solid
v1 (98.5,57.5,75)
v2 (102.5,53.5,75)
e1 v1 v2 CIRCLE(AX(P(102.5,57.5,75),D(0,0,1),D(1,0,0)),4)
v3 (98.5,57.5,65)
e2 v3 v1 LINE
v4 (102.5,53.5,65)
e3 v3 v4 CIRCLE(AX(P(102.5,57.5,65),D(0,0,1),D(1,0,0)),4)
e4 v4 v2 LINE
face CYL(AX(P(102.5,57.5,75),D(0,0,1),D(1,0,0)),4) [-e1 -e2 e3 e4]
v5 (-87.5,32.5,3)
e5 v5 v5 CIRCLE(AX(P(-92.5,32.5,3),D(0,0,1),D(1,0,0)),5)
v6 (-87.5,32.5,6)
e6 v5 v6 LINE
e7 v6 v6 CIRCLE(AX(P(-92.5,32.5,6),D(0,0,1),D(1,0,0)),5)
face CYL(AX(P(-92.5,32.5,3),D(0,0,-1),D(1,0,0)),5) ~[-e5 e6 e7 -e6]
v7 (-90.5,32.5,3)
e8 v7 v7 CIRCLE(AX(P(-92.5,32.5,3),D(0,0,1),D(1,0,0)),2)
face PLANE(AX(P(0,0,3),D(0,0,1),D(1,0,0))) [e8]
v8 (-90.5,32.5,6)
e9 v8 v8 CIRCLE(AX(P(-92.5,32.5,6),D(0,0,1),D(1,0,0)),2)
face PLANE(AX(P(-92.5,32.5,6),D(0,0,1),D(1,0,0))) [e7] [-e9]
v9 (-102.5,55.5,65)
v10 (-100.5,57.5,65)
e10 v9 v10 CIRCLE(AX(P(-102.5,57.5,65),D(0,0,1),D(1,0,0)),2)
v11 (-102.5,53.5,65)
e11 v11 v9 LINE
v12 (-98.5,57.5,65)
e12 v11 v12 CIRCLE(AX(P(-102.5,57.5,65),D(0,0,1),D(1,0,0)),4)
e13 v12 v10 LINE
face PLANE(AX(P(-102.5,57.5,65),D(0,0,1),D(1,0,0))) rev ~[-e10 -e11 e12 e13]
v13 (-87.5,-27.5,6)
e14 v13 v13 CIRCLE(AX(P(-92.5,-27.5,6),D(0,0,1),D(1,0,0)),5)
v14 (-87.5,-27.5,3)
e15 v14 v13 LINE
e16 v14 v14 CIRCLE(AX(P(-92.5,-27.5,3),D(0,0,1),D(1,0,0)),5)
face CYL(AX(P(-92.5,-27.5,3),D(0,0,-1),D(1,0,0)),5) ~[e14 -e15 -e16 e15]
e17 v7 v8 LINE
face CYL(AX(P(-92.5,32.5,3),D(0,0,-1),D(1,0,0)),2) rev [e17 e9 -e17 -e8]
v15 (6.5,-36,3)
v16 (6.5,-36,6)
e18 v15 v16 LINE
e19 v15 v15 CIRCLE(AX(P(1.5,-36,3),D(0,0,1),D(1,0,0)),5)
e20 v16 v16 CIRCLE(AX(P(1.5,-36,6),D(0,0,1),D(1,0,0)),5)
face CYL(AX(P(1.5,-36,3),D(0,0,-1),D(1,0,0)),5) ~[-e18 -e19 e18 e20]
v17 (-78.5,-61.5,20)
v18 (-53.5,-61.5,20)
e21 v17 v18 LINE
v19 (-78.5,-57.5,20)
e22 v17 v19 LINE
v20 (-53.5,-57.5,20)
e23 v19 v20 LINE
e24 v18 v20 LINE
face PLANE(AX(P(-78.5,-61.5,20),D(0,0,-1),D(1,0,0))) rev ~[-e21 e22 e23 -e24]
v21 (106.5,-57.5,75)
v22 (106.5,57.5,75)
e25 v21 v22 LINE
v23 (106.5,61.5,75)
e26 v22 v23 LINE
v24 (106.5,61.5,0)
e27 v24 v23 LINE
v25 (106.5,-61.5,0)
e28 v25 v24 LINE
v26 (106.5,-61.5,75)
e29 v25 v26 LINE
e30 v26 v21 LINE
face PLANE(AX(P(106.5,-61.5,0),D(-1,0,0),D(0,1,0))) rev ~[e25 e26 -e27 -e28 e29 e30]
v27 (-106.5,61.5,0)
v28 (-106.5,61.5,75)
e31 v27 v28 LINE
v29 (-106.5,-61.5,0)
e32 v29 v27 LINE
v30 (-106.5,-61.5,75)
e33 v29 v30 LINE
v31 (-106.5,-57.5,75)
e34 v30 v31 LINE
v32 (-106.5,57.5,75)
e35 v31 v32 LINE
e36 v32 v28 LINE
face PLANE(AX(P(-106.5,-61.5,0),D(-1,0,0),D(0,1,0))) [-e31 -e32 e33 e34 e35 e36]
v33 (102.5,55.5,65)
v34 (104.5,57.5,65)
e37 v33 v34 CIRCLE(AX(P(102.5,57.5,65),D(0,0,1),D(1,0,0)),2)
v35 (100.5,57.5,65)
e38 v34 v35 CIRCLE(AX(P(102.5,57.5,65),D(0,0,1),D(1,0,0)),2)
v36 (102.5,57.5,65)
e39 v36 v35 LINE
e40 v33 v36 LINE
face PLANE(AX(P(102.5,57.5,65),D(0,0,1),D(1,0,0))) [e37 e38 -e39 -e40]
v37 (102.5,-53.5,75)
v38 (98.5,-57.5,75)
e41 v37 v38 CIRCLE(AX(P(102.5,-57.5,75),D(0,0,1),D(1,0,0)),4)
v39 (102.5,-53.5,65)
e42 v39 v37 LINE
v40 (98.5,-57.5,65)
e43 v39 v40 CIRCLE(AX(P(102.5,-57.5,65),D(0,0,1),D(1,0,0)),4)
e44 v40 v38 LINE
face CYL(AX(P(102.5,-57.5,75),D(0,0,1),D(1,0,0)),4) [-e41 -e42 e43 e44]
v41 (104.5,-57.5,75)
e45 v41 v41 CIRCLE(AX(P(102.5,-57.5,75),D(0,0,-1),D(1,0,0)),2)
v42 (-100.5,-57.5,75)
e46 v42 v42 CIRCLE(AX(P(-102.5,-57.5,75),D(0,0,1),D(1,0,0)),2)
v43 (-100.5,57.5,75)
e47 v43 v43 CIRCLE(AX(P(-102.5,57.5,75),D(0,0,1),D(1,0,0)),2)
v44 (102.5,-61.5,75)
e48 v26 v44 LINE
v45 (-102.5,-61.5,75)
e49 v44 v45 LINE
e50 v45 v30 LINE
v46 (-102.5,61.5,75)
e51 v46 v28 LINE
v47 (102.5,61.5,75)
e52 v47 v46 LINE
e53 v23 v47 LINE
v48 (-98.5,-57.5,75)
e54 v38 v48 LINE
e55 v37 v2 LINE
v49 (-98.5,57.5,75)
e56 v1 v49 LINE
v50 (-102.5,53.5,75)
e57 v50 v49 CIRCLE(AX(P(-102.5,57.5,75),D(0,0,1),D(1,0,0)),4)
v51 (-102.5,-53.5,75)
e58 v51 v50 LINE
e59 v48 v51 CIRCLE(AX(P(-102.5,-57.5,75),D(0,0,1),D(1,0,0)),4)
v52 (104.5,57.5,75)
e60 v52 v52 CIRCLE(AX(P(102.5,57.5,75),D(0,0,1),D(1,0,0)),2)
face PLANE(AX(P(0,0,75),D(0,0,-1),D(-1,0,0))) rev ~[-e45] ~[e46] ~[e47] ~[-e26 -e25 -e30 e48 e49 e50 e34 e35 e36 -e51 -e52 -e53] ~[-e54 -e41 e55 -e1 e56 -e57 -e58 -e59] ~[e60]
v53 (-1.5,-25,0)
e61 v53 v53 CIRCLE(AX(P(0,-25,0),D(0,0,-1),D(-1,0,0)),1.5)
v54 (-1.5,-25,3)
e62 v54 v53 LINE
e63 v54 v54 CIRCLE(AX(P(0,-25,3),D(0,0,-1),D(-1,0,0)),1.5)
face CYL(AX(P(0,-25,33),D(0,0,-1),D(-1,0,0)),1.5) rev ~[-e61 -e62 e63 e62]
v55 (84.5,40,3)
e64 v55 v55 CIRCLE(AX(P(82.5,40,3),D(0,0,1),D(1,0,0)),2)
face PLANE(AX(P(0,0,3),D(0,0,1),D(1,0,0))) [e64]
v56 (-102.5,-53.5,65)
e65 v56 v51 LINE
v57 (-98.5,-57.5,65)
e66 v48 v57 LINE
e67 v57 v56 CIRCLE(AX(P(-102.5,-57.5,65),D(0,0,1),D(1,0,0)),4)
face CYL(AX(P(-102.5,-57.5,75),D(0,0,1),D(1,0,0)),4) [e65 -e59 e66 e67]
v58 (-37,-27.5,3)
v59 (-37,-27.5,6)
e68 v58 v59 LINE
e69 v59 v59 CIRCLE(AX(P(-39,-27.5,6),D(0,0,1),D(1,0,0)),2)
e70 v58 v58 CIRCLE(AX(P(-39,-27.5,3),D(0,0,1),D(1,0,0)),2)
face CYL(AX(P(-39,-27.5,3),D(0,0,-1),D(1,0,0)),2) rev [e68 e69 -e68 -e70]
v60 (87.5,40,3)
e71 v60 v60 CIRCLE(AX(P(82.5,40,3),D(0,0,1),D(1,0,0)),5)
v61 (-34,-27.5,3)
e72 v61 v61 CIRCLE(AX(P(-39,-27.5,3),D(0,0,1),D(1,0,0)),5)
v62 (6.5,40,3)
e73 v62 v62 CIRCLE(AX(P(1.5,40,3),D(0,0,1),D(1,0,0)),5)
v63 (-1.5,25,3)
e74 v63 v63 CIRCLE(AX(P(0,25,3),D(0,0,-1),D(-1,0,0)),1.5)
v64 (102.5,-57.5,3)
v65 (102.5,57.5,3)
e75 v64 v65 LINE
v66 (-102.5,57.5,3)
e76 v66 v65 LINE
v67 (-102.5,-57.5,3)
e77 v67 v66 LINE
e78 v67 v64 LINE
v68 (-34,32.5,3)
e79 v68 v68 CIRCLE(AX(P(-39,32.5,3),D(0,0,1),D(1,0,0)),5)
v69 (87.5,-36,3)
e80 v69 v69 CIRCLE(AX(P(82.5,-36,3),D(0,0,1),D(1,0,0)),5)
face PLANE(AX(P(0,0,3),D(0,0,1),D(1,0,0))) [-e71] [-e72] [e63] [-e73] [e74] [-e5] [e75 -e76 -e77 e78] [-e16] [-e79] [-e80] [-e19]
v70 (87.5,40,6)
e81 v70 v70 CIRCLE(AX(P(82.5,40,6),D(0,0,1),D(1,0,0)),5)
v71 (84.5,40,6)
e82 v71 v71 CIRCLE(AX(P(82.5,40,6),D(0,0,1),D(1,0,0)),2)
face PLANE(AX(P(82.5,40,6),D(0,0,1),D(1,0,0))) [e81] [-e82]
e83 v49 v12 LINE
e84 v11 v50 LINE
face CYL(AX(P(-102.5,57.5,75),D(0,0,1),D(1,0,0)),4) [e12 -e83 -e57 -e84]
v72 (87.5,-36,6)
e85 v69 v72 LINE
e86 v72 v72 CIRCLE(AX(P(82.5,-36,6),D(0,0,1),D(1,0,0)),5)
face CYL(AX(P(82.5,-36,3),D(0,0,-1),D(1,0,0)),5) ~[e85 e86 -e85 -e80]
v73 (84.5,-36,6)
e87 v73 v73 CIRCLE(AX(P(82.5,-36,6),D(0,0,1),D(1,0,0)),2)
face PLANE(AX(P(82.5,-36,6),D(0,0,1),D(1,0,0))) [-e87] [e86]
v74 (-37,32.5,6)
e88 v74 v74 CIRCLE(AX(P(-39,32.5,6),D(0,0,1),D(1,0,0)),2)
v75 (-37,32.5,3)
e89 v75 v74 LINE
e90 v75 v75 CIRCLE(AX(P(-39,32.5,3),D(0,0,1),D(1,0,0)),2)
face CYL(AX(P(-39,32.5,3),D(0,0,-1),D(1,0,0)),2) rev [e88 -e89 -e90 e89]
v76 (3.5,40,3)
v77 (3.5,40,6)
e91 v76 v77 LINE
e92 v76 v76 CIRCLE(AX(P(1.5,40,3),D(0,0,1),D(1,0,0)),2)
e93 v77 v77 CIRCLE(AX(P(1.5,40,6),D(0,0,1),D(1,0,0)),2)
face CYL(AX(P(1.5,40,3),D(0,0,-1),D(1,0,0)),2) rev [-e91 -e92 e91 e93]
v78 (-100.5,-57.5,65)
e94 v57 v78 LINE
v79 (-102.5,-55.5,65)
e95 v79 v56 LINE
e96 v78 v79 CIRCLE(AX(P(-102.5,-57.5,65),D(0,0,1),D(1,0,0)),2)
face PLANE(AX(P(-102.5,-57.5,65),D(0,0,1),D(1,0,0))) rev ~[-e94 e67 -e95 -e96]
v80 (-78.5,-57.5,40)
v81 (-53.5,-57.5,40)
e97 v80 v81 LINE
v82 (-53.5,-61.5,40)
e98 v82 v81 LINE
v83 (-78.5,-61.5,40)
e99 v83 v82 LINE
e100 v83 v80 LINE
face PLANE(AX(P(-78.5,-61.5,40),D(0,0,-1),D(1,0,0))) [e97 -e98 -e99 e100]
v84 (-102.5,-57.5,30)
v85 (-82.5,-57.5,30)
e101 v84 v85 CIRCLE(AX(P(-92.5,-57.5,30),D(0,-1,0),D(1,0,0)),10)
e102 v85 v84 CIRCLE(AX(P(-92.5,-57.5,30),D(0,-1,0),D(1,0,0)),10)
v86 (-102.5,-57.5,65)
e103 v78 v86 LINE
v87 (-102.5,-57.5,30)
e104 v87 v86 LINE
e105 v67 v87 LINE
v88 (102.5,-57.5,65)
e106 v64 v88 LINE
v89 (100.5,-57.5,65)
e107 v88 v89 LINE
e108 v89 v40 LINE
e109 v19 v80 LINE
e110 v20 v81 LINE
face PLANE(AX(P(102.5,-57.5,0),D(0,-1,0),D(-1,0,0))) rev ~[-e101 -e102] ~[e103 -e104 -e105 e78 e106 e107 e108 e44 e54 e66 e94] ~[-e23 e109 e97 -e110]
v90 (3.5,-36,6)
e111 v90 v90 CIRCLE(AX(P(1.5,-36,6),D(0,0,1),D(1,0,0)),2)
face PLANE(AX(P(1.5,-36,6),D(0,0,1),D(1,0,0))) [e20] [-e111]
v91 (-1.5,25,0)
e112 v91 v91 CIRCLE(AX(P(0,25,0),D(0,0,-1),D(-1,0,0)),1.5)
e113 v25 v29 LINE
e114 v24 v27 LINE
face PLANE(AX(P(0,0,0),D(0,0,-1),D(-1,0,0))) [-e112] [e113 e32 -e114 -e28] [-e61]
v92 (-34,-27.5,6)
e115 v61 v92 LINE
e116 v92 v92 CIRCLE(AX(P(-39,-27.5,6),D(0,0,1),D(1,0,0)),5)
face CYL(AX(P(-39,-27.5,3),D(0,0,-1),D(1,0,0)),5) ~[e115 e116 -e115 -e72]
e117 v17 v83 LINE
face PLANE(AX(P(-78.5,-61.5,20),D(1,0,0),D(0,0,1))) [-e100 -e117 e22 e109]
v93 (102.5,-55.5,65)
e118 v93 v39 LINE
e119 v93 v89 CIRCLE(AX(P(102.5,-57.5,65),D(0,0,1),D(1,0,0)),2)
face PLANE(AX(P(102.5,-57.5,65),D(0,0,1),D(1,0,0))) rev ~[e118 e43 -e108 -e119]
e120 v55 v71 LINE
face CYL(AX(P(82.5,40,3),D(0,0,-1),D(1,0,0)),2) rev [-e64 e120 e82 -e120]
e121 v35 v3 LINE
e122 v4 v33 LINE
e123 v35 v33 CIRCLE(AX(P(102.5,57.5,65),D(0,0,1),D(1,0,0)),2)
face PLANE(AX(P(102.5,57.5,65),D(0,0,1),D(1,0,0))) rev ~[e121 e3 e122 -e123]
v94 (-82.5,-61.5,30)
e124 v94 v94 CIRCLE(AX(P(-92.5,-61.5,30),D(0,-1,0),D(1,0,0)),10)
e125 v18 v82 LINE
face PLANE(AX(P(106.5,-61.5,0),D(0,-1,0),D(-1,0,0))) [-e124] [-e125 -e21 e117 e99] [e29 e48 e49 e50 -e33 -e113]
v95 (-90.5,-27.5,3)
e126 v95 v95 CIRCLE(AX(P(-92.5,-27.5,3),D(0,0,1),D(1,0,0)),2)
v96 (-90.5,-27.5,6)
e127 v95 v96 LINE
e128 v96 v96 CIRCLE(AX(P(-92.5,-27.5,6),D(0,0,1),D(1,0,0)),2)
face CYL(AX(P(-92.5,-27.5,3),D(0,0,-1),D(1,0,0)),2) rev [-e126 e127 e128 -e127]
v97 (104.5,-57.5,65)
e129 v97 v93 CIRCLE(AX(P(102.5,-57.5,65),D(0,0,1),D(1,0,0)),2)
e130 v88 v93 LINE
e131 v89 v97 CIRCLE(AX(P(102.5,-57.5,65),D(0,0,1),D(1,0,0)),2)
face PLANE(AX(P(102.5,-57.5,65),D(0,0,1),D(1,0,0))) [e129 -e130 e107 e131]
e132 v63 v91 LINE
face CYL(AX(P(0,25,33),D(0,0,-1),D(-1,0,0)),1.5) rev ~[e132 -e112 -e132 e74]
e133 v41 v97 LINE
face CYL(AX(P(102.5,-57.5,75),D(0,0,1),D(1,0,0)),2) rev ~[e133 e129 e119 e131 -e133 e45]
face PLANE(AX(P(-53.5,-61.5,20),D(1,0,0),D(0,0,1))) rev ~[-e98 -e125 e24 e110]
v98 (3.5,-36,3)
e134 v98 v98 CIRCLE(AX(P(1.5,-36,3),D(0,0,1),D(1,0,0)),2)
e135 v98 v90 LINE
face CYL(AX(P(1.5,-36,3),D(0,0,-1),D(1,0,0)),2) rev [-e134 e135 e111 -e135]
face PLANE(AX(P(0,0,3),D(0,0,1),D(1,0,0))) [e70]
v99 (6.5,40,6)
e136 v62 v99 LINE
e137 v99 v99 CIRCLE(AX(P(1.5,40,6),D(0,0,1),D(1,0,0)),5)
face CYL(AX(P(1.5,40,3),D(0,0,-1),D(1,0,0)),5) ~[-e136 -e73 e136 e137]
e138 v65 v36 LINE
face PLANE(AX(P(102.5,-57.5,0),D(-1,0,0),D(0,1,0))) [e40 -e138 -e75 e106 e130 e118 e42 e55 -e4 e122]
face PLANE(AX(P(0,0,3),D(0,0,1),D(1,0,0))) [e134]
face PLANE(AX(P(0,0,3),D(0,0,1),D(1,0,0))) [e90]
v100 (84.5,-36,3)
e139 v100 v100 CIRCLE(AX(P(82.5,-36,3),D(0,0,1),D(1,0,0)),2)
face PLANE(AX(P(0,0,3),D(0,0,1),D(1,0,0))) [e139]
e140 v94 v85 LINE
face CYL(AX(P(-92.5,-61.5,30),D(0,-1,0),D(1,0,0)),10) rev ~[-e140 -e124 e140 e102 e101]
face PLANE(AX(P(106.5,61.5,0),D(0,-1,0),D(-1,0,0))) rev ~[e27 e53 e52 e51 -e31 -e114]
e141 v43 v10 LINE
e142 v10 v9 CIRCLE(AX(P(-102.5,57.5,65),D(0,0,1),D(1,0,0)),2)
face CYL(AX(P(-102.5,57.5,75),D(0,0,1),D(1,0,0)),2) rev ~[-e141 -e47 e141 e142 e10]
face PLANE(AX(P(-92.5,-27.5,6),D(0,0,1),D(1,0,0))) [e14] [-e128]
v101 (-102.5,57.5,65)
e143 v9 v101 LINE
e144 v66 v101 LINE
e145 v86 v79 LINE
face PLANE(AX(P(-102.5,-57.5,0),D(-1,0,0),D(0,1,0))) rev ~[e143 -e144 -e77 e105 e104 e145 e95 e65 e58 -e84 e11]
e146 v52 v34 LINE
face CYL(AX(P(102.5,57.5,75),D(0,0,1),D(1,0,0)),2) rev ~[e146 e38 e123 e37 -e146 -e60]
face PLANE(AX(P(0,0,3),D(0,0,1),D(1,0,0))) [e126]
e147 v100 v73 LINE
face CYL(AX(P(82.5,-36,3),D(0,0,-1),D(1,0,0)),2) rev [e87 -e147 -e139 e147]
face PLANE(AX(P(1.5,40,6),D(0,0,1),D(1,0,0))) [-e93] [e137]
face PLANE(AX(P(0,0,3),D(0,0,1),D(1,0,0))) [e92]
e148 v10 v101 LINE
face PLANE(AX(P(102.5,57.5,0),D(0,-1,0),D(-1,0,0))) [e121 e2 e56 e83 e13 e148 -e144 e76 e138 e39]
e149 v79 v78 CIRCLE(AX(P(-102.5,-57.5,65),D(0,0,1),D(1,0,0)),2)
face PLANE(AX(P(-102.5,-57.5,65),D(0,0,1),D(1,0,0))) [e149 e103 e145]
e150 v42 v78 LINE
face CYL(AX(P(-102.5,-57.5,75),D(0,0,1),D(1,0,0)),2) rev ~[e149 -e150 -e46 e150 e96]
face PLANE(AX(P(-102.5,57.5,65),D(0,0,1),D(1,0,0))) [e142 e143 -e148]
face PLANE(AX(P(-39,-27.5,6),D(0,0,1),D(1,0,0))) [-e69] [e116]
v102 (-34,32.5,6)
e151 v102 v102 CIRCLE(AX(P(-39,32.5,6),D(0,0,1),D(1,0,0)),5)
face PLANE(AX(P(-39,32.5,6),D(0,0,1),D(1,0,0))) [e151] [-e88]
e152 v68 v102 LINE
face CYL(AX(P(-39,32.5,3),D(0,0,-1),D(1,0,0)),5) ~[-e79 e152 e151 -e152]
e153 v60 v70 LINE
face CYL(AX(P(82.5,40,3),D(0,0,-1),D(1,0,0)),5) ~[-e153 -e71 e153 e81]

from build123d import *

# Parameters (mm, degrees)
SKETCH1_W                           = 205
SKETCH1_H                           = 115
BOSS_EXTRUDE1_DEPTH                 = 3
SKETCH2_R                           = 5
SKETCH2_R_2                         = 2
BOSS_EXTRUDE2_DEPTH                 = 3
SKETCH3_R                           = 5
SKETCH3_R_2                         = 2
BOSS_EXTRUDE3_DEPTH                 = 3
SKETCH5_W                           = 213
SKETCH5_H                           = 123
SKETCH5_W_2                         = 205
SKETCH5_H_2                         = 115
BOSS_EXTRUDE4_DEPTH                 = 75
F_3_0MM_CLEARANCE_DOWEL_HOLE1_D     = 3
F_3_0MM_CLEARANCE_DOWEL_HOLE1_DEPTH = 30
F_3_0MM_CLEARANCE_DOWEL_HOLE1_TIP   = 0.901290929
SKETCH10_W                          = 25
SKETCH10_H                          = 20
CUT_EXTRUDE1_DEPTH                  = 4
SKETCH11_R                          = 10
CUT_EXTRUDE2_DEPTH                  = 4
SKETCH12_R                          = 4
SKETCH12_R_2                        = 2
BOSS_EXTRUDE5_DEPTH                 = 10
SKETCH13_R                          = 2
CUT_EXTRUDE3_DEPTH                  = 10


with BuildPart() as part:
    # Sketch1 → Boss-Extrude1 (new body)
    with BuildSketch(Plane.XY):
        Rectangle(SKETCH1_W, SKETCH1_H)
    extrude(amount=BOSS_EXTRUDE1_DEPTH)

    # Sketch2 → Boss-Extrude2 (add)
    with BuildSketch(Plane.XY.offset(3)):
        with Locations((-92.5, 32.5)):
            Circle(SKETCH2_R)
        with Locations((-92.5, 32.5)):
            Circle(SKETCH2_R_2, mode=Mode.SUBTRACT)
        with Locations((-92.5, -27.5)):
            Circle(SKETCH2_R)
        with Locations((-92.5, -27.5)):
            Circle(SKETCH2_R_2, mode=Mode.SUBTRACT)
        with Locations((-39, 32.5)):
            Circle(SKETCH2_R)
        with Locations((-39, 32.5)):
            Circle(SKETCH2_R_2, mode=Mode.SUBTRACT)
        with Locations((-39, -27.5)):
            Circle(SKETCH2_R)
        with Locations((-39, -27.5)):
            Circle(SKETCH2_R_2, mode=Mode.SUBTRACT)
    extrude(amount=BOSS_EXTRUDE2_DEPTH)

    # Sketch3 → Boss-Extrude3 (add)
    with BuildSketch(Plane.XY.offset(3)):
        with Locations((1.5, 40)):
            Circle(SKETCH3_R)
        with Locations((1.5, 40)):
            Circle(SKETCH3_R_2, mode=Mode.SUBTRACT)
        with Locations((82.5, -36)):
            Circle(SKETCH3_R)
        with Locations((82.5, -36)):
            Circle(SKETCH3_R_2, mode=Mode.SUBTRACT)
        with Locations((82.5, 40)):
            Circle(SKETCH3_R)
        with Locations((82.5, 40)):
            Circle(SKETCH3_R_2, mode=Mode.SUBTRACT)
        with Locations((1.5, -36)):
            Circle(SKETCH3_R)
        with Locations((1.5, -36)):
            Circle(SKETCH3_R_2, mode=Mode.SUBTRACT)
    extrude(amount=BOSS_EXTRUDE3_DEPTH)

    # Sketch5 → Boss-Extrude4 (add)
    with BuildSketch(Plane(origin=(0, 0, 0), x_dir=(-1, 0, 0), z_dir=(0, 0, -1))):
        Rectangle(SKETCH5_W, SKETCH5_H)
        Rectangle(SKETCH5_W_2, SKETCH5_H_2, mode=Mode.SUBTRACT)
    extrude(amount=-BOSS_EXTRUDE4_DEPTH)

    # Ø3.0mm Clearance Dowel Hole1
    with Locations(Plane.XY.offset(3)):
        with Locations((0, 25), (0, -25)):
            Hole(F_3_0MM_CLEARANCE_DOWEL_HOLE1_D / 2, depth=F_3_0MM_CLEARANCE_DOWEL_HOLE1_DEPTH)
            with Locations((0, 0, -(F_3_0MM_CLEARANCE_DOWEL_HOLE1_DEPTH + F_3_0MM_CLEARANCE_DOWEL_HOLE1_TIP / 2))):  # 118° drill point
                Cone(0, F_3_0MM_CLEARANCE_DOWEL_HOLE1_D / 2, F_3_0MM_CLEARANCE_DOWEL_HOLE1_TIP, mode=Mode.SUBTRACT)

    # Sketch10 → Cut-Extrude1 (cut)
    with BuildSketch(Plane.XZ.offset(61.5)):
        with Locations((-66, 30)):
            Rectangle(SKETCH10_W, SKETCH10_H)
    extrude(amount=-CUT_EXTRUDE1_DEPTH, mode=Mode.SUBTRACT)

    # Sketch11 → Cut-Extrude2 (cut)
    with BuildSketch(Plane.XZ.offset(61.5)):
        with Locations((-92.5, 30)):
            Circle(SKETCH11_R)
    extrude(amount=-CUT_EXTRUDE2_DEPTH, mode=Mode.SUBTRACT)

    # Sketch12 → Boss-Extrude5 (add)
    with BuildSketch(Plane.XY.offset(75)):
        with Locations((102.5, -57.5)):
            Circle(SKETCH12_R)
        with Locations((102.5, -57.5)):
            Circle(SKETCH12_R_2, mode=Mode.SUBTRACT)
        with Locations((102.5, 57.5)):
            Circle(SKETCH12_R)
        with Locations((-102.5, 57.5)):
            Circle(SKETCH12_R)
        with Locations((-102.5, -57.5)):
            Circle(SKETCH12_R)
    extrude(amount=-BOSS_EXTRUDE5_DEPTH)

    # Sketch13 → Cut-Extrude3 (cut)
    with BuildSketch(Plane.XY.offset(75)):
        with Locations((102.5, -57.5)):
            Circle(SKETCH13_R)
        with Locations((102.5, 57.5)):
            Circle(SKETCH13_R)
        with Locations((-102.5, 57.5)):
            Circle(SKETCH13_R)
        with Locations((-102.5, -57.5)):
            Circle(SKETCH13_R)
    extrude(amount=-CUT_EXTRUDE3_DEPTH, mode=Mode.SUBTRACT)


solid = part.part
